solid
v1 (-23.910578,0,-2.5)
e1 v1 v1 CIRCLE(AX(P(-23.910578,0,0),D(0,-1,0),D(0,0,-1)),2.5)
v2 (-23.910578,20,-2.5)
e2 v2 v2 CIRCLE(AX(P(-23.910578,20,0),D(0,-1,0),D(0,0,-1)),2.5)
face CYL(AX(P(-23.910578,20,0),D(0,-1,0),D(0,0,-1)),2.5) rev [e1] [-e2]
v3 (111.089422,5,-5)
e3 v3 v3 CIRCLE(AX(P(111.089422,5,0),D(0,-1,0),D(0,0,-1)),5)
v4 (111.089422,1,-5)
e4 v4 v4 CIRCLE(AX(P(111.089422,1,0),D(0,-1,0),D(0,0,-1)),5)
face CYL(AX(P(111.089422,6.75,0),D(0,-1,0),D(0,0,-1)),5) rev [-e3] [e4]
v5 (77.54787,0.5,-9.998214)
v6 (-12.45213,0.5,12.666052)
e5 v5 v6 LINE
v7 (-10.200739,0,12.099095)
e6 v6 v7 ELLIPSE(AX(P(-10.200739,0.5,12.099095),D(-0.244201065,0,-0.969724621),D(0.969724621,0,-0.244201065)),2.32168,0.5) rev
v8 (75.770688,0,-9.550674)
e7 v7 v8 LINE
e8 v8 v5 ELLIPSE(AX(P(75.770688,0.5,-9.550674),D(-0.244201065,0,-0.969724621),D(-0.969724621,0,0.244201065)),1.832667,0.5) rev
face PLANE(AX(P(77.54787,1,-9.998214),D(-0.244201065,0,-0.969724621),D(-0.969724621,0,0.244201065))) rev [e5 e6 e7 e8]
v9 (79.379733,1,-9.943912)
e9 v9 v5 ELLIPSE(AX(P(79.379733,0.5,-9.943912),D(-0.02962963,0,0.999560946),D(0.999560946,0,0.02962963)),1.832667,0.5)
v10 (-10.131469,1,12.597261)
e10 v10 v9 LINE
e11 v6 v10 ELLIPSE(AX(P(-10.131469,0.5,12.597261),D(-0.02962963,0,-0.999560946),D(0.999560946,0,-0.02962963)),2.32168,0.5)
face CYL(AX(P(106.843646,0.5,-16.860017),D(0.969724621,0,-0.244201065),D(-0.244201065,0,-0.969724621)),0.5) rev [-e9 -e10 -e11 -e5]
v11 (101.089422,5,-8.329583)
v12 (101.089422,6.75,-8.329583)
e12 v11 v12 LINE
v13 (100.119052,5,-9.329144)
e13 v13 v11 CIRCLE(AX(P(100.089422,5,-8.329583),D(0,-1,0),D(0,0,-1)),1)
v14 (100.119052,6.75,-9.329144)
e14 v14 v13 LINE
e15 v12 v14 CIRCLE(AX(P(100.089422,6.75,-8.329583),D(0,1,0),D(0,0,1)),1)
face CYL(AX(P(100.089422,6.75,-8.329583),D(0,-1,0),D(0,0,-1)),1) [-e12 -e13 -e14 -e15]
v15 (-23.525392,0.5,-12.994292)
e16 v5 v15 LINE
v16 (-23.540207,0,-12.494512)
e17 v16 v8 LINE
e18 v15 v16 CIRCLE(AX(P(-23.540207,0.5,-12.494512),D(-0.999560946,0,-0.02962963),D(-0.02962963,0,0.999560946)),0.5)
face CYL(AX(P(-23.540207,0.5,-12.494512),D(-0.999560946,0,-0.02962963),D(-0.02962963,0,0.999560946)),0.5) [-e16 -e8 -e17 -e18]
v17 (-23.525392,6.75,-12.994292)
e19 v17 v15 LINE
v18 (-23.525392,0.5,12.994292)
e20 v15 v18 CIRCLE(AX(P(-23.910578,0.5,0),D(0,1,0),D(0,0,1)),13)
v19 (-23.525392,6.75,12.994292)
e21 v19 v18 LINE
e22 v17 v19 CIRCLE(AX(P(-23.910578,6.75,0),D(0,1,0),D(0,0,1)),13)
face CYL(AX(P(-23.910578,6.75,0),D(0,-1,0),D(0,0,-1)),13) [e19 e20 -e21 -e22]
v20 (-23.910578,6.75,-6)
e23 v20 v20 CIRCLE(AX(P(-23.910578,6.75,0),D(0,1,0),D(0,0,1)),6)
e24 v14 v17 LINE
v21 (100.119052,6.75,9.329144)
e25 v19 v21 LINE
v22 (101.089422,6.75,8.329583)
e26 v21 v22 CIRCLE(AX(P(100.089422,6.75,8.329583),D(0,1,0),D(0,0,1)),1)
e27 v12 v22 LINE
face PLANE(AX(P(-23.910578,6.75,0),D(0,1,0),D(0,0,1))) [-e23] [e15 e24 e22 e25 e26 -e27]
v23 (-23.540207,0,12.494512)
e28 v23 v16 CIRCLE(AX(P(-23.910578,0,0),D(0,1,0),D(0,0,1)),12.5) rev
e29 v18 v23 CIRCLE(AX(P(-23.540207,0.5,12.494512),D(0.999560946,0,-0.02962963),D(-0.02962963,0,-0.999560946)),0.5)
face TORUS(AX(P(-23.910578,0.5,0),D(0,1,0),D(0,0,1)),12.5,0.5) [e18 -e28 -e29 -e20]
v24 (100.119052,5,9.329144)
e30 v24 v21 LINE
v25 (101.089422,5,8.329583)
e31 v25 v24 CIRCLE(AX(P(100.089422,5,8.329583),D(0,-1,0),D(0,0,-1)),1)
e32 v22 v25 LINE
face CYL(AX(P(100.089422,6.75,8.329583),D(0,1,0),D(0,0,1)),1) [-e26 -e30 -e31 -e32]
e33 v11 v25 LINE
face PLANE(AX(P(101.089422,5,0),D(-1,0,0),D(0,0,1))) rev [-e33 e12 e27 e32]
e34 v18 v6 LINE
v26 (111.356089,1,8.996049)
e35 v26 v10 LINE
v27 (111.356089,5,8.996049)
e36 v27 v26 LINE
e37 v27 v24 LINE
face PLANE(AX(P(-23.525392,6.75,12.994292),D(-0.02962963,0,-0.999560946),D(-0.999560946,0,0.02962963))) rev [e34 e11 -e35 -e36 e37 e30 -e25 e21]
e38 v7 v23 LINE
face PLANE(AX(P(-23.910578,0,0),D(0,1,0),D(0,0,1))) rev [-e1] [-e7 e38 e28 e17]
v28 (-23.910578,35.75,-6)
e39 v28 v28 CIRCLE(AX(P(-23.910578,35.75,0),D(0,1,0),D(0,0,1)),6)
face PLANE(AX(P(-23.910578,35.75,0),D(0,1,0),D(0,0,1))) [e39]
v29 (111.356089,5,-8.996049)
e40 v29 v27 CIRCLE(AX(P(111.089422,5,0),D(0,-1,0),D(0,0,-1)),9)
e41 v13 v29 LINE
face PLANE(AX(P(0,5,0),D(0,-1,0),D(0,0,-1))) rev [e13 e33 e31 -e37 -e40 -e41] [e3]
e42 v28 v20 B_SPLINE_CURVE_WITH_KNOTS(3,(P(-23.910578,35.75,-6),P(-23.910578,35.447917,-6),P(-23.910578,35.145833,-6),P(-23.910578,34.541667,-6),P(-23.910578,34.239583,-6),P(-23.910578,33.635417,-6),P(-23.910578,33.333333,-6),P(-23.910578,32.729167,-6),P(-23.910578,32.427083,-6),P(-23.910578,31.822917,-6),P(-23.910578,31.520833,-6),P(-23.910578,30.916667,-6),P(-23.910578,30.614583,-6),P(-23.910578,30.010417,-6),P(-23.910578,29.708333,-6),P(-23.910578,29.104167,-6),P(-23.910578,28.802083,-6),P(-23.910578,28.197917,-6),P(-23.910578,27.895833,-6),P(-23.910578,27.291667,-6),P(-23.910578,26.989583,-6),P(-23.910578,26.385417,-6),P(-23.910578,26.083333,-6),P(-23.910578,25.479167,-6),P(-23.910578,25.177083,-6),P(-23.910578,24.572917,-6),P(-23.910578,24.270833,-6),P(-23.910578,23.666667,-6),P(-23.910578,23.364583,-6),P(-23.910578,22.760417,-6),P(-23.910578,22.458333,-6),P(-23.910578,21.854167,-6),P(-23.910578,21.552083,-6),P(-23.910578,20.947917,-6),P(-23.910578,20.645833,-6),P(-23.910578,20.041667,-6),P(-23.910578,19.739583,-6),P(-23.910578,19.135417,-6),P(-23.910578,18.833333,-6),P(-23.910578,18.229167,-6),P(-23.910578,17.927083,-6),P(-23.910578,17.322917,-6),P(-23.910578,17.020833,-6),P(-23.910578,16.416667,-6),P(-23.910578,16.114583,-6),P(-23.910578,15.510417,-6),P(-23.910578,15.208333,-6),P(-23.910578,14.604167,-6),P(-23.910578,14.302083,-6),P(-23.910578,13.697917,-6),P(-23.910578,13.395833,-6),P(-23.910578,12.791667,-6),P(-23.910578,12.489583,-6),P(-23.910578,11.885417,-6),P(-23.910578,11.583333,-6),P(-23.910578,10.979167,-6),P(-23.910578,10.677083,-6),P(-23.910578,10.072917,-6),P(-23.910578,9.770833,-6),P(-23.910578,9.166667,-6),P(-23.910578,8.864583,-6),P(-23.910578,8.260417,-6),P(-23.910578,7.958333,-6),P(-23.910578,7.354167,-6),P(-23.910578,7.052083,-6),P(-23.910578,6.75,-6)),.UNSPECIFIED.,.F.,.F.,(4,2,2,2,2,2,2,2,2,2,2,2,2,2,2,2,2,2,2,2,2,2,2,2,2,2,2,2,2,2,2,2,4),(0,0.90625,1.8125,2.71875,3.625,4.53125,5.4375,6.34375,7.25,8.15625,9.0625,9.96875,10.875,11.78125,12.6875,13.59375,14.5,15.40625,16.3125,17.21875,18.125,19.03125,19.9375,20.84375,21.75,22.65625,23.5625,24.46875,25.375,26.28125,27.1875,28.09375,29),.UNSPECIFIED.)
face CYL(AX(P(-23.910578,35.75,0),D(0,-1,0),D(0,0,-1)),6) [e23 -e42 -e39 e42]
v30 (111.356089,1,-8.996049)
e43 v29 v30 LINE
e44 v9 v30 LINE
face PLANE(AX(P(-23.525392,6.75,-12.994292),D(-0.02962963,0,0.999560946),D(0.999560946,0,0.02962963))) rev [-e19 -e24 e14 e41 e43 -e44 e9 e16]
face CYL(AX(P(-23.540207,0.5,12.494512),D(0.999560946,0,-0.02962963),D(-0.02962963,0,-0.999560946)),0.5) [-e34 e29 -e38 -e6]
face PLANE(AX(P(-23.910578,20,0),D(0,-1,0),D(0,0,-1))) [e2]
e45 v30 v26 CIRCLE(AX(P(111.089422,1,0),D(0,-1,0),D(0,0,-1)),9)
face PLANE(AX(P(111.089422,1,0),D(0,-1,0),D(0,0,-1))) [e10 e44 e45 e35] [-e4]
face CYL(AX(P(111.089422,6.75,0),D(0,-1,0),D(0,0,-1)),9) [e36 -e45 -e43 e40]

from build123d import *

# Parameters (mm, degrees)
SKETCH2_R           = 5
BOSS_EXTRUDE1_DEPTH = 6.75
CUT_EXTRUDE2_DEPTH  = 1.75
FILLET1_R           = 1
CUT_EXTRUDE4_DEPTH  = 1
FILLET2_R           = 0.5
FILLET3_R           = 0.5
SKETCH10_R          = 6
BOSS_EXTRUDE2_DEPTH = 29
SKETCH11_R          = 2.5
CUT_EXTRUDE6_DEPTH  = 20


with BuildPart() as part:
    # Sketch2 → Boss-Extrude1 (new body)
    with BuildSketch(Plane(origin=(0, 0, 0), x_dir=(1, 0, 0), z_dir=(0, 1, 0))):
        with BuildLine():
            Line((-23.525392368, 12.9942923), (111.356089114, 8.996048515))
            ThreePointArc((111.356089114, 8.996048515), (120.089422447, 0), (111.356089114, -8.996048515))
            Line((111.356089114, -8.996048515), (-23.525392368, -12.9942923))
            ThreePointArc((-23.525392368, -12.9942923), (-36.910577553, 0), (-23.525392368, 12.9942923))
        make_face()
        with Locations(Location((111.089422447, 0, 0), (0, 0, 270))):
            Circle(SKETCH2_R, mode=Mode.SUBTRACT)
    extrude(amount=BOSS_EXTRUDE1_DEPTH)

    # Sketch6 → Cut-Extrude2 (cut)
    with BuildSketch(Plane(origin=(0, 6.75, 0), x_dir=(1, 0, 0), z_dir=(0, 1, 0))):
        Polygon((101.089422447, 0), (101.089422447, 15.957712546), (123.696181887, 15.957712546), (123.696181887, -15.662199351), (101.089422447, -15.662199351), align=None)
    extrude(amount=-CUT_EXTRUDE2_DEPTH, mode=Mode.SUBTRACT)

    # Fillet1
    fillet1_edges = [part.edges().sort_by_distance(p)[0] for p in [
        (101.089422447, 5.875, -9.300379664),
        (101.089422447, 5.875, 9.300379664),
    ]]
    fillet(fillet1_edges, radius=FILLET1_R)

    # Sketch9 → Cut-Extrude4 (cut)
    with BuildSketch(Plane.XZ):
        with BuildLine():
            Line((-12.452129788, 12.666051515), (77.547870212, 9.998213524))
            ThreePointArc((77.547870212, 9.998213524), (146.089422447, 0), (77.547870212, -9.998213524))
            Line((77.547870212, -9.998213524), (-12.452129788, 12.666051515))
        make_face()
    extrude(amount=-CUT_EXTRUDE4_DEPTH, mode=Mode.SUBTRACT)

    # Fillet2
    fillet2_edges = [part.edges().sort_by_distance(p)[0] for p in [
        (32.547870212, 1, 1.333918996),
    ]]
    fillet(fillet2_edges, radius=FILLET2_R)

    # Fillet3
    fillet3_edges = [part.edges().sort_by_distance(p)[0] for p in [
        (-17.988761078, 0, 12.830171908),
        (-36.910577553, 0, 0),
        (27.011238922, 0, -11.496252912),
    ]]
    fillet(fillet3_edges, radius=FILLET3_R)

    # Sketch10 → Boss-Extrude2 (add)
    with BuildSketch(Plane(origin=(0, 6.75, 0), x_dir=(1, 0, 0), z_dir=(0, 1, 0))):
        with Locations(Location((-23.910577553, 0, 0), (0, 0, 90))):
            Circle(SKETCH10_R)
    extrude(amount=BOSS_EXTRUDE2_DEPTH)

    # Sketch11 → Cut-Extrude6 (cut)
    with BuildSketch(Plane.XZ):
        with Locations(Location((-23.910577553, 0, 0), (0, 0, 270))):
            Circle(SKETCH11_R)
    extrude(amount=-CUT_EXTRUDE6_DEPTH, mode=Mode.SUBTRACT)


solid = part.part
